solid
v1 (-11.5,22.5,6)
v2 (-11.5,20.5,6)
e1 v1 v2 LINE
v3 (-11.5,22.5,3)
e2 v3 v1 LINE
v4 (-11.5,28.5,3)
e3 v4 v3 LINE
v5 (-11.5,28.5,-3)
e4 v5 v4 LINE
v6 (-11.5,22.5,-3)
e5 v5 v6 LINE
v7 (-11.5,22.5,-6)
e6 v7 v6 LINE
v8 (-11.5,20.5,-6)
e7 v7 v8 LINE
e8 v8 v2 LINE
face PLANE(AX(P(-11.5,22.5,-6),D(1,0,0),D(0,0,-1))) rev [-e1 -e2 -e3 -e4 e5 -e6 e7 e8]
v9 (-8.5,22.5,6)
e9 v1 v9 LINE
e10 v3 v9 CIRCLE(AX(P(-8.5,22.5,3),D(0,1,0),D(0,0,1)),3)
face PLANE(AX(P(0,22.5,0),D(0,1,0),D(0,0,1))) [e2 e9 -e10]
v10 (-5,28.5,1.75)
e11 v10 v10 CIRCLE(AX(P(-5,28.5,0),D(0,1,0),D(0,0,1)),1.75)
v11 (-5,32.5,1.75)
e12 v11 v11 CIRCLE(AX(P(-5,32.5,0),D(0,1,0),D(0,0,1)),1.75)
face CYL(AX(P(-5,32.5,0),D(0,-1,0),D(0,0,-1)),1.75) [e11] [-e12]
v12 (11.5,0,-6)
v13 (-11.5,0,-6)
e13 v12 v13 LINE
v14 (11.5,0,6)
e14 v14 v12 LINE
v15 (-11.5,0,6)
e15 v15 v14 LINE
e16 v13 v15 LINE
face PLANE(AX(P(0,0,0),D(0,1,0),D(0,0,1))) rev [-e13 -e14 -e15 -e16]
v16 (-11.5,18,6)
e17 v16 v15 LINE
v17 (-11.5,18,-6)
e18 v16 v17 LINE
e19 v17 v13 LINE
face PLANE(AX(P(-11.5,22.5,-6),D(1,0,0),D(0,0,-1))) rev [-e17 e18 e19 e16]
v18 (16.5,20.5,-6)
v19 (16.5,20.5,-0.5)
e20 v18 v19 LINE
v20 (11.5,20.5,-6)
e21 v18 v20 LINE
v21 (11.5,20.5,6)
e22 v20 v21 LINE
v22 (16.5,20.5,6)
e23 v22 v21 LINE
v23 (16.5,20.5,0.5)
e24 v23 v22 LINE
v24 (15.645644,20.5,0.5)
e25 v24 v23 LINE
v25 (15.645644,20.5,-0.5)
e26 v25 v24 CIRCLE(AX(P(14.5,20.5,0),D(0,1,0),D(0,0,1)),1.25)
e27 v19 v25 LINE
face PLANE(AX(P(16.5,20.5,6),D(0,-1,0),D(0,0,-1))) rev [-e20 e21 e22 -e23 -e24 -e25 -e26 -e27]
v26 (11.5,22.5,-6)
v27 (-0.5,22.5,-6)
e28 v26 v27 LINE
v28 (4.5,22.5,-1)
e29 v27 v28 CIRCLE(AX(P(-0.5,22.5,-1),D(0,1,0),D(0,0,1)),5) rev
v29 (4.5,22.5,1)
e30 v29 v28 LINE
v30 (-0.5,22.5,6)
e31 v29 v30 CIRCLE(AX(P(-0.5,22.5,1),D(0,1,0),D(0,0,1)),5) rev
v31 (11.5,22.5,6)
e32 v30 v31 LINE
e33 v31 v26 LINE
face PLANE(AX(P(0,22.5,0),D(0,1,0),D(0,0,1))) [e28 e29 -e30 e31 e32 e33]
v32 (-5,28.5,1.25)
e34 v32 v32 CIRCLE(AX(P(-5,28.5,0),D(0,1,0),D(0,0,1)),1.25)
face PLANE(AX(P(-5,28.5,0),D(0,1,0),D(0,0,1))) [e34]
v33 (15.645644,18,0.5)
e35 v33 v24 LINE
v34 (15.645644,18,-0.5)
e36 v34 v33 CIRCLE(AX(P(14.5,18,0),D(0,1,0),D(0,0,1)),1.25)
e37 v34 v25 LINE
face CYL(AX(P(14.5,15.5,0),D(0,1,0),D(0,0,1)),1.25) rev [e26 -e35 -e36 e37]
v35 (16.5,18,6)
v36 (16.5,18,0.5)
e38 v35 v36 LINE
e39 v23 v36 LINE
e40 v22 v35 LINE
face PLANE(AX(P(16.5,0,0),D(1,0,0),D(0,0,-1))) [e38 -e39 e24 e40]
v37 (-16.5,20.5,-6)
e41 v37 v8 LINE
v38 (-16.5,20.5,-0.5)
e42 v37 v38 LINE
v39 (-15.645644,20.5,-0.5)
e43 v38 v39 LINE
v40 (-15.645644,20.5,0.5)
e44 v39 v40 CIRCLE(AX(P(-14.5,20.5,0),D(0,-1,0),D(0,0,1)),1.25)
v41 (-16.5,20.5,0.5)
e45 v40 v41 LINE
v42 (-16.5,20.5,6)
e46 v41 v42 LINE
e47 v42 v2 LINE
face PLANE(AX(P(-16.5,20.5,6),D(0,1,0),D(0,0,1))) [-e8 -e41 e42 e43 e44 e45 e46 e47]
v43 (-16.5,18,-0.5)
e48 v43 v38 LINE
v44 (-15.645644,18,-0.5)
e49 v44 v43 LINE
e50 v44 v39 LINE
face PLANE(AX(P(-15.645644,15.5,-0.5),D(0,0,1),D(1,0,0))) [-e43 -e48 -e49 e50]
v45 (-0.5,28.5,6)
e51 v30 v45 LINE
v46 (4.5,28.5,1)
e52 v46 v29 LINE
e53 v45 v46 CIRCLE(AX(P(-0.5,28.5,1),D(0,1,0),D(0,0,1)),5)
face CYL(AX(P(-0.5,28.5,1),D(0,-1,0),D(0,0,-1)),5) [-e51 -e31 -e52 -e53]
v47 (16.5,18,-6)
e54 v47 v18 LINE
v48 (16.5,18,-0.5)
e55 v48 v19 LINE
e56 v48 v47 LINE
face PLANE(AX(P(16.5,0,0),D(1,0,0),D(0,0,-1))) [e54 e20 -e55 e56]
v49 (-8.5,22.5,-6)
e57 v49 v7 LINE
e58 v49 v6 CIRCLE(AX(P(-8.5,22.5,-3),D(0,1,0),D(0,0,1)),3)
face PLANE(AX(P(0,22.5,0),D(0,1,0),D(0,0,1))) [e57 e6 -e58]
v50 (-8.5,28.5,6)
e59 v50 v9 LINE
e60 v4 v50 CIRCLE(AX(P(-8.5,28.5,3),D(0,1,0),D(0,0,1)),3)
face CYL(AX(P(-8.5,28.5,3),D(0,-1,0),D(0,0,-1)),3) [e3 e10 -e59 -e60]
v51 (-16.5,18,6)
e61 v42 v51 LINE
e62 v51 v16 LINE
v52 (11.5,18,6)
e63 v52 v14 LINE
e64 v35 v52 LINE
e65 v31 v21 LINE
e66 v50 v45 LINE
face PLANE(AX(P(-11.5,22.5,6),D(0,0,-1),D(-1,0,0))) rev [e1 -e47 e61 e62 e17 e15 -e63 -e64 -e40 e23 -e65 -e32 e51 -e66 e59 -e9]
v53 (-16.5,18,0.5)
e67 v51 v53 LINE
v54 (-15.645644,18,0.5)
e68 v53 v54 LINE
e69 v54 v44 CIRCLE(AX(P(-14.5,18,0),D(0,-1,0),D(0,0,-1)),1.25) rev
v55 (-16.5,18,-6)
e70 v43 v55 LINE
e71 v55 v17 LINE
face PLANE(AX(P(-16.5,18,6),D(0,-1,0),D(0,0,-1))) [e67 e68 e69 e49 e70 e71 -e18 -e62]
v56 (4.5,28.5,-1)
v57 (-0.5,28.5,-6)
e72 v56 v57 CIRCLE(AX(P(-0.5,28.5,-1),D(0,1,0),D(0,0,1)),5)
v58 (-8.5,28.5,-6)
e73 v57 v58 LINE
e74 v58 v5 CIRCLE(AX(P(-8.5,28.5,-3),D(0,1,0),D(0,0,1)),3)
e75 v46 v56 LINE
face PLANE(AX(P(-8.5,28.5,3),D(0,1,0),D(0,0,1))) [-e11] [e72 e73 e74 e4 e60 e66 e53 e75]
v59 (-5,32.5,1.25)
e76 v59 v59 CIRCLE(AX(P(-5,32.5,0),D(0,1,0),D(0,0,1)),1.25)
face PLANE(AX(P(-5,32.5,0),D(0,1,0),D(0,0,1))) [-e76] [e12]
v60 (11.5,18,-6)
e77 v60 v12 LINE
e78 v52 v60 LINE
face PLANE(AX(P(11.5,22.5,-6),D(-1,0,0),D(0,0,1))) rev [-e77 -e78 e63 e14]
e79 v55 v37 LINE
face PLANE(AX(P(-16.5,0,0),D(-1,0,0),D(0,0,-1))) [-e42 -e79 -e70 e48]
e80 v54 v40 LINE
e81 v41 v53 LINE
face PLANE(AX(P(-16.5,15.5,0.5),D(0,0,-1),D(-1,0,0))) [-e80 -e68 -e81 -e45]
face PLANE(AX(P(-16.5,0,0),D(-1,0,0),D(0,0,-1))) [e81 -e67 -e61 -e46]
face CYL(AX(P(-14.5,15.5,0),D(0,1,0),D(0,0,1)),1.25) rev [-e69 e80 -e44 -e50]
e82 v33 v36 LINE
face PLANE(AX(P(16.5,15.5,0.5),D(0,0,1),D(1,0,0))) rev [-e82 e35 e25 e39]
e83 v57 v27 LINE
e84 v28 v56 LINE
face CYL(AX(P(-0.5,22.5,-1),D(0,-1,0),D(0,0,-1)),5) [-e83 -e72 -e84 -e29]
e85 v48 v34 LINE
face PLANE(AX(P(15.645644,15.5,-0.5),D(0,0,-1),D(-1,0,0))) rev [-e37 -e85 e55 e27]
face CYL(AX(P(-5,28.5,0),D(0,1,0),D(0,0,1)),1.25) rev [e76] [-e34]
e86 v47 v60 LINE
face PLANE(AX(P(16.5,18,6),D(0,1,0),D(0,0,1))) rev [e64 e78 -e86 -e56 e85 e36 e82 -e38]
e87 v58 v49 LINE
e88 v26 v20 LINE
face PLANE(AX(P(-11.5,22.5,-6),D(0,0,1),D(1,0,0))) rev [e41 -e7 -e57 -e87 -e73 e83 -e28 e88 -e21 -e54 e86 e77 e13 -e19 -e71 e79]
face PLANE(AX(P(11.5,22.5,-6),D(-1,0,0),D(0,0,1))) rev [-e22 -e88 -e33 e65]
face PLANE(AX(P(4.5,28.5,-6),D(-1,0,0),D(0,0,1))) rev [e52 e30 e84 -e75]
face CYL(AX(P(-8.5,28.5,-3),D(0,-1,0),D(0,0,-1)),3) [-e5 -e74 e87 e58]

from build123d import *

# Parameters (mm, degrees)
SKETCH1_W           = 23
SKETCH1_H           = 12
BOSS_EXTRUDE1_DEPTH = 22.5
SKETCH2_W           = 12
SKETCH2_H           = 2.5
BOSS_EXTRUDE2_DEPTH = 5
CUT_EXTRUDE1_DEPTH  = 5
BOSS_EXTRUDE3_DEPTH = 6
FILLET1_R           = 5
SKETCH5_R           = 1.75
BOSS_EXTRUDE4_DEPTH = 4
SKETCH6_R           = 1.25
CUT_EXTRUDE2_DEPTH  = 4


with BuildPart() as part:
    # Sketch1 → Boss-Extrude1 (new body)
    with BuildSketch(Plane(origin=(0, 0, 0), x_dir=(1, 0, 0), z_dir=(0, 1, 0))):
        Rectangle(SKETCH1_W, SKETCH1_H)
    extrude(amount=BOSS_EXTRUDE1_DEPTH)

    # Sketch2 → Boss-Extrude2 (add)
    with BuildSketch(Plane(origin=(11.5, 0, 0), x_dir=(0, 0, -1), z_dir=(1, 0, 0))):
        with Locations((0, 19.25)):
            Rectangle(SKETCH2_W, SKETCH2_H)
    boss_extrude2 = extrude(amount=BOSS_EXTRUDE2_DEPTH)

    # Sketch3 → Cut-Extrude1 (cut)
    with BuildSketch(Plane(origin=(0, 20.5, 0), x_dir=(1, 0, 0), z_dir=(0, 1, 0))):
        with BuildLine():
            Line((15.645643924, 0.5), (16.5, 0.5))
            Line((16.5, 0.5), (16.5, -0.5))
            Line((16.5, -0.5), (15.645643924, -0.5))
            ThreePointArc((15.645643924, -0.5), (13.25, 0), (15.645643924, 0.5))
        make_face()
    cut_extrude1 = extrude(amount=-CUT_EXTRUDE1_DEPTH, mode=Mode.SUBTRACT)

    # Mirror1: Boss-Extrude2, Cut-Extrude1 across plane
    add(boss_extrude2.mirror(Plane(origin=(0, 0, 0), x_dir=(0, 0, 1), z_dir=(1, 0, 0))))
    add(cut_extrude1.mirror(Plane(origin=(0, 0, 0), x_dir=(0, 0, 1), z_dir=(1, 0, 0))), mode=Mode.SUBTRACT)

    # Sketch4 → Boss-Extrude3 (add)
    with BuildSketch(Plane(origin=(0, 22.5, 0), x_dir=(1, 0, 0), z_dir=(0, 1, 0))):
        with BuildLine():
            Line((-8.5, 6), (4.5, 6))
            Line((4.5, 6), (4.5, -6))
            Line((4.5, -6), (-8.5, -6))
            ThreePointArc((-8.5, -6), (-10.621320344, -5.121320344), (-11.5, -3))
            Line((-11.5, -3), (-11.5, 3))
            ThreePointArc((-11.5, 3), (-10.621320344, 5.121320344), (-8.5, 6))
        make_face()
    extrude(amount=BOSS_EXTRUDE3_DEPTH)

    # Fillet1
    fillet1_edges = [part.edges().sort_by_distance(p)[0] for p in [
        (4.5, 25.5, 6),
        (4.5, 25.5, -6),
    ]]
    fillet(fillet1_edges, radius=FILLET1_R)

    # Sketch5 → Boss-Extrude4 (add)
    with BuildSketch(Plane(origin=(0, 28.5, 0), x_dir=(1, 0, 0), z_dir=(0, 1, 0))):
        with Locations(Location((-5, 0, 0), (0, 0, 270))):
            Circle(SKETCH5_R)
    extrude(amount=BOSS_EXTRUDE4_DEPTH)

    # Sketch6 → Cut-Extrude2 (cut)
    with BuildSketch(Plane(origin=(0, 32.5, 0), x_dir=(1, 0, 0), z_dir=(0, 1, 0))):
        with Locations(Location((-5, 0, 0), (0, 0, 270))):
            Circle(SKETCH6_R)
    extrude(amount=-CUT_EXTRUDE2_DEPTH, mode=Mode.SUBTRACT)


solid = part.part
